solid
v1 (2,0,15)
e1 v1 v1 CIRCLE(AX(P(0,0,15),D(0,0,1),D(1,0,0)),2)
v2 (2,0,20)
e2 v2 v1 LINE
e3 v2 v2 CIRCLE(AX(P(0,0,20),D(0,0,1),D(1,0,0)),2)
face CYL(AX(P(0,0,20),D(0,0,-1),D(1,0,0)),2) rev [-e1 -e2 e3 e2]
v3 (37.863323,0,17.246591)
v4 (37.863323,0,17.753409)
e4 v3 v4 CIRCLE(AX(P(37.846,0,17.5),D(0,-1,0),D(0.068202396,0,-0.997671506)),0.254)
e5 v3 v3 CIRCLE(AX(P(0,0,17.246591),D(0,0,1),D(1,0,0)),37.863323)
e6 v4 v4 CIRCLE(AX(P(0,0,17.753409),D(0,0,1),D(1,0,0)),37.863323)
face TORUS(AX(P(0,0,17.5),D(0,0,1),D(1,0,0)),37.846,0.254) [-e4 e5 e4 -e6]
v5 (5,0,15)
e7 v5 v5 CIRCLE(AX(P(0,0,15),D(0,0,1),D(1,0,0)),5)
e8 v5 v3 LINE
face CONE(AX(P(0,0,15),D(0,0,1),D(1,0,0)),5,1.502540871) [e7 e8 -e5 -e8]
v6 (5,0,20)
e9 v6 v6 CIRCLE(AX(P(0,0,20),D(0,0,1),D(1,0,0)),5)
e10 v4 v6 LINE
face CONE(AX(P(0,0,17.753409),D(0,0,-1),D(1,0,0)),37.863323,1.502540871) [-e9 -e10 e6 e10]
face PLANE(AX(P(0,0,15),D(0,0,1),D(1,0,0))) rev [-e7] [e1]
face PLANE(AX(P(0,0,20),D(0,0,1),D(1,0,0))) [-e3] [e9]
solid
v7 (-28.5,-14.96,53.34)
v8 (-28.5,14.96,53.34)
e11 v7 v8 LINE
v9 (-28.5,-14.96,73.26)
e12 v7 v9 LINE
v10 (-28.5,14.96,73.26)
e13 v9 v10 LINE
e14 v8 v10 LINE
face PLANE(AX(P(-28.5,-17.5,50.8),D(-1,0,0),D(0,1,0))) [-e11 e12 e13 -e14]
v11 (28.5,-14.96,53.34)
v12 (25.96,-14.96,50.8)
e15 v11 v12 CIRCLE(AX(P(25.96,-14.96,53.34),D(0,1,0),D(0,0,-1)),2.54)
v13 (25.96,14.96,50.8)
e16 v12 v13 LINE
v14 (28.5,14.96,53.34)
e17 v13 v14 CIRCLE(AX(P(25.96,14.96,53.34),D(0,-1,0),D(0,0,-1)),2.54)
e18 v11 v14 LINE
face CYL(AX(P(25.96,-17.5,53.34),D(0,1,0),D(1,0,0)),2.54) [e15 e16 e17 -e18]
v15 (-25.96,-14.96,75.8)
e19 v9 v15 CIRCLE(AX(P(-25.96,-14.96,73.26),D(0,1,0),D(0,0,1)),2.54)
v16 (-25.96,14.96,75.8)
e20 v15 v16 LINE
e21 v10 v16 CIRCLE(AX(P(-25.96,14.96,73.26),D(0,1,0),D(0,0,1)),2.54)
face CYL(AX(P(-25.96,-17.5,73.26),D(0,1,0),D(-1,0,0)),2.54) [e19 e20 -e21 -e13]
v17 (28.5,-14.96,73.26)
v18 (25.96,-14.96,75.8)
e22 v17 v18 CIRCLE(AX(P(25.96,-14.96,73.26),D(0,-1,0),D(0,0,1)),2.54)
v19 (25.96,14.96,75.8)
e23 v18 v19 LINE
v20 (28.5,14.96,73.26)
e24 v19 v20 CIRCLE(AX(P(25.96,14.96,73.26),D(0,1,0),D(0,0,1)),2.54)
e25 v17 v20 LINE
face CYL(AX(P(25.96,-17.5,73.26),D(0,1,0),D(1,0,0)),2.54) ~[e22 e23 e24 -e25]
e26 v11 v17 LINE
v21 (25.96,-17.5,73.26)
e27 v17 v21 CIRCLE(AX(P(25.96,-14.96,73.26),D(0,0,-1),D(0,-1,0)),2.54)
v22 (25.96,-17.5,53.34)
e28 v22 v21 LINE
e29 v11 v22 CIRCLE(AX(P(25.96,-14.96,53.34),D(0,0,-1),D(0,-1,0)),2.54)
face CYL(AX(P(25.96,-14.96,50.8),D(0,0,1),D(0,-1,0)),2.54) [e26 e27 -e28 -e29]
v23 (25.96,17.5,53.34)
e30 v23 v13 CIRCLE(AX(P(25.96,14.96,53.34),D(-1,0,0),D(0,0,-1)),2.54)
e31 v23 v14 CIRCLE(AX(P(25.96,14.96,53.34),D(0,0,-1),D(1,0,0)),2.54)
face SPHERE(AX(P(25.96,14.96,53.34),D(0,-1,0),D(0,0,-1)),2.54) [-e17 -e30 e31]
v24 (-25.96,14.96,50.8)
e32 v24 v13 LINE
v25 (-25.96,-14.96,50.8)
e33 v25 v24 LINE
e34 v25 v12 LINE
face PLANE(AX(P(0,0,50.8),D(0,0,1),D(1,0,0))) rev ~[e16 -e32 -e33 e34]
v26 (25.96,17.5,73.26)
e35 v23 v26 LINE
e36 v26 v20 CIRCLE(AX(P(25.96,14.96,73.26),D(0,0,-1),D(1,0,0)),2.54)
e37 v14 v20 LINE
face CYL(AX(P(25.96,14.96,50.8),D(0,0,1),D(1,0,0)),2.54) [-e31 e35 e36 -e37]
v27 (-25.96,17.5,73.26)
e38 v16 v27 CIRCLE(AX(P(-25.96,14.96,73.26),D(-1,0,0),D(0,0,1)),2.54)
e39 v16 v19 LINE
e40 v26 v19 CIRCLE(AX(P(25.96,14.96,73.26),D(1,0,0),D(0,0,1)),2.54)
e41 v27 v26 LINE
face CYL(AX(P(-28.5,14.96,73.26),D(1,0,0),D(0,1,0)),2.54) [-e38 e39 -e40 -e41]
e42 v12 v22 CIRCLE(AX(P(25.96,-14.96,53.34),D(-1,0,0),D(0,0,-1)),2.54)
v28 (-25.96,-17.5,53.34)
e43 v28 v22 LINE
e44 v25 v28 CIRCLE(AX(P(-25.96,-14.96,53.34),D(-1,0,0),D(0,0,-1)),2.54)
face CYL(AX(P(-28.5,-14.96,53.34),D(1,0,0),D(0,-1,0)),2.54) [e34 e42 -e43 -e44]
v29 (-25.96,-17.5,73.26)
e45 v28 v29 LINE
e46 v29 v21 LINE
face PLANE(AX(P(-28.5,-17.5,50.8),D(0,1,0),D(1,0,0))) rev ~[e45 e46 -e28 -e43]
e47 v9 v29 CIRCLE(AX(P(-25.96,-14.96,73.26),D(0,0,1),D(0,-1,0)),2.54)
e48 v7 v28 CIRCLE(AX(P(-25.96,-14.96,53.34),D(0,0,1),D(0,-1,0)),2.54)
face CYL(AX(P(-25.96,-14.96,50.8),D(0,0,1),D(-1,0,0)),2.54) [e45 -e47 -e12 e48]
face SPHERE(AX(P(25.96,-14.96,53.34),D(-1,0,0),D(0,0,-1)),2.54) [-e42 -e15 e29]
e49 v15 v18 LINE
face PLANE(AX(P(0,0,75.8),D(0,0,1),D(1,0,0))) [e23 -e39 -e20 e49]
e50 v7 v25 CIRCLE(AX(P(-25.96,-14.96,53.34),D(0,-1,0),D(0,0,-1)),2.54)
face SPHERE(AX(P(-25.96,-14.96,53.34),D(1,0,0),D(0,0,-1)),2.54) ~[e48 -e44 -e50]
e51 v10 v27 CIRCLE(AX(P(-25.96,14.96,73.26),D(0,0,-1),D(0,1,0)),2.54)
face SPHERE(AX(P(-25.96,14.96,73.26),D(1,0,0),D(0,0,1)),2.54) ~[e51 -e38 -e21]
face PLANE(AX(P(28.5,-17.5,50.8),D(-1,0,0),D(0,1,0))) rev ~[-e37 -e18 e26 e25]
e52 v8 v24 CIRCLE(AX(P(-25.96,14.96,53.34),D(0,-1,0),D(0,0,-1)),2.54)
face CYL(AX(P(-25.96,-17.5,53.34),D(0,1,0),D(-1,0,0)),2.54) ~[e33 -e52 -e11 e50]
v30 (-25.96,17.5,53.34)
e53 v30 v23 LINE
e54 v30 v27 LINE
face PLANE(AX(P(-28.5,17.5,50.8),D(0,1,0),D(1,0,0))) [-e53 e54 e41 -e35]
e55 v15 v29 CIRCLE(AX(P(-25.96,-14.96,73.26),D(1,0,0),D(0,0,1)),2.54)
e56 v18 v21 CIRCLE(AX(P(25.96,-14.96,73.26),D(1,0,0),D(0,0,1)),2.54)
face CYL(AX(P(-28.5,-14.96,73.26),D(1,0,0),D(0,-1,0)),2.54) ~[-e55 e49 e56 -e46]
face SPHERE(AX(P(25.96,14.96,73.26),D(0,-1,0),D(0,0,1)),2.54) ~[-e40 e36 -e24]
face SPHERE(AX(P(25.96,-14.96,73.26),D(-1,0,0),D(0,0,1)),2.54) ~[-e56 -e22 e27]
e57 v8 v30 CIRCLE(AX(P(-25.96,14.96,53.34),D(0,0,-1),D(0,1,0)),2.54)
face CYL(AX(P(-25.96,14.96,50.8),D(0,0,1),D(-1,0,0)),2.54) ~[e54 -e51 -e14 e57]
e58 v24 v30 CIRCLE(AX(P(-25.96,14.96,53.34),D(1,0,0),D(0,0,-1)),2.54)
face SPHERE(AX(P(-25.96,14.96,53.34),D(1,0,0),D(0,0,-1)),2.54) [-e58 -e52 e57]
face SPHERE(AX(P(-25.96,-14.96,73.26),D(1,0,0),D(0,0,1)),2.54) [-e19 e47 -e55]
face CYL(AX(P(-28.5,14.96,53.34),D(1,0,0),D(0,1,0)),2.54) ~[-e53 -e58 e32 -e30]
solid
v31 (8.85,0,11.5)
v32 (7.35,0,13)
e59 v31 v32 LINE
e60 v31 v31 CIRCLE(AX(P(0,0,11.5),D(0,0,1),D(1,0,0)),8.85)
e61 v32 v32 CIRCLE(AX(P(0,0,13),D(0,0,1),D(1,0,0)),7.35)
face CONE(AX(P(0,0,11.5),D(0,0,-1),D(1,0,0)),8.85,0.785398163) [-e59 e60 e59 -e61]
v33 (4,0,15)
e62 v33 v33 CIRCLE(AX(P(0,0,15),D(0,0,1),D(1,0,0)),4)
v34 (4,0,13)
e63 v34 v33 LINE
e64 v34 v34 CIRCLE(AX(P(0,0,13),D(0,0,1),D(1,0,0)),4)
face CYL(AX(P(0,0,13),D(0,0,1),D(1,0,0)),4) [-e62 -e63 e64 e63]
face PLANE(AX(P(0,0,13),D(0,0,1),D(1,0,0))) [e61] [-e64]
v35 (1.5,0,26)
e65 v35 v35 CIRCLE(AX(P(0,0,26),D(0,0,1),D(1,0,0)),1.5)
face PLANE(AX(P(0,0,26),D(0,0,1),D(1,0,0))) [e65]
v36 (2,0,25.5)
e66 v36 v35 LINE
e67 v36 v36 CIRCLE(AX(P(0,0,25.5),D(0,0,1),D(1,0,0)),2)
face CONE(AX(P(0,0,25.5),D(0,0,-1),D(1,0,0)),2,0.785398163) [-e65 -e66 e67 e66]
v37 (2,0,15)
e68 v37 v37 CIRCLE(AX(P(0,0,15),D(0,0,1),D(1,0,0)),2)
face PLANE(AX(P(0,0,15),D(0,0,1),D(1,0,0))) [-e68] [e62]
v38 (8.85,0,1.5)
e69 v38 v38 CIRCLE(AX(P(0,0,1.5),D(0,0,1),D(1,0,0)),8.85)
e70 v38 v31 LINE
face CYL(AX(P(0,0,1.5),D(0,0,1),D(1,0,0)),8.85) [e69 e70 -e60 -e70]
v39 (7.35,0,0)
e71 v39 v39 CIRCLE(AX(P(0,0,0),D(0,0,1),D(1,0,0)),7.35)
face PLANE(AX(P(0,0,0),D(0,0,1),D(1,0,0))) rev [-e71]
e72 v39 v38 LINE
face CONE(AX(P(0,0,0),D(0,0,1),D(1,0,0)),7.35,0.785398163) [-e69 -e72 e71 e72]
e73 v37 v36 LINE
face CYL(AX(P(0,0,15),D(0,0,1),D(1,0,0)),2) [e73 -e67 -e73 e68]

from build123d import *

# Parameters (mm, degrees)
F2_SIZE  = 0.5
F6_W     = 57
F6_H     = 35
F7_DEPTH = 25
F8_R     = 2.54


with BuildPart() as f1:
    # F0 (on Front) → F1 (revolve)
    with BuildSketch(Plane.XZ):
        Polygon((0, 26), (0, 0), (7.35, 0), (8.85, 1.5), (8.85, 11.5), (7.35, 13), (4, 13), (4, 15), (2, 15), (2, 26), align=None)
    revolve(axis=Axis((0, 0, 10.904766), (0, 0, 1)))

    # F2
    f2_edges = [f1.edges().sort_by_distance(p)[0] for p in [
        (-2, 0, 26),
    ]]
    chamfer(f2_edges, length=F2_SIZE)


with BuildPart() as f4:
    # F3 (on Front) → F4 (revolve)
    with BuildSketch(Plane.XZ):
        with BuildLine():
            Line((5, 20), (2, 20))
            Line((2, 20), (2, 15))
            Line((2, 15), (5, 15))
            Line((5, 15), (37.863323, 17.246591))
            ThreePointArc((37.863323, 17.246591), (38.1, 17.5), (37.863323, 17.753409))
            Line((37.863323, 17.753409), (5, 20))
        make_face()
    revolve(axis=Axis((0, 0, 16.523505), (0, 0, 1)))


with BuildPart() as f7:
    # F6 (on offset) → F7 (new body)
    with BuildSketch(Plane.XY.offset(50.8)):
        Rectangle(F6_W, F6_H)
    extrude(amount=F7_DEPTH)

    # F8
    f8_edges = [f7.edges().sort_by_distance(p)[0] for p in [
        (0, -17.5, 75.8),
        (28.5, 0, 75.8),
        (0, 17.5, 75.8),
        (-28.5, 0, 75.8),
        (0, -17.5, 50.8),
        (28.5, 0, 50.8),
        (0, 17.5, 50.8),
        (-28.5, 0, 50.8),
        (28.5, -17.5, 63.3),
        (-28.5, -17.5, 63.3),
        (-28.5, 17.5, 63.3),
        (28.5, 17.5, 63.3),
    ]]
    fillet(f8_edges, radius=F8_R)


solid = Compound([f1.part, f4.part, f7.part])
